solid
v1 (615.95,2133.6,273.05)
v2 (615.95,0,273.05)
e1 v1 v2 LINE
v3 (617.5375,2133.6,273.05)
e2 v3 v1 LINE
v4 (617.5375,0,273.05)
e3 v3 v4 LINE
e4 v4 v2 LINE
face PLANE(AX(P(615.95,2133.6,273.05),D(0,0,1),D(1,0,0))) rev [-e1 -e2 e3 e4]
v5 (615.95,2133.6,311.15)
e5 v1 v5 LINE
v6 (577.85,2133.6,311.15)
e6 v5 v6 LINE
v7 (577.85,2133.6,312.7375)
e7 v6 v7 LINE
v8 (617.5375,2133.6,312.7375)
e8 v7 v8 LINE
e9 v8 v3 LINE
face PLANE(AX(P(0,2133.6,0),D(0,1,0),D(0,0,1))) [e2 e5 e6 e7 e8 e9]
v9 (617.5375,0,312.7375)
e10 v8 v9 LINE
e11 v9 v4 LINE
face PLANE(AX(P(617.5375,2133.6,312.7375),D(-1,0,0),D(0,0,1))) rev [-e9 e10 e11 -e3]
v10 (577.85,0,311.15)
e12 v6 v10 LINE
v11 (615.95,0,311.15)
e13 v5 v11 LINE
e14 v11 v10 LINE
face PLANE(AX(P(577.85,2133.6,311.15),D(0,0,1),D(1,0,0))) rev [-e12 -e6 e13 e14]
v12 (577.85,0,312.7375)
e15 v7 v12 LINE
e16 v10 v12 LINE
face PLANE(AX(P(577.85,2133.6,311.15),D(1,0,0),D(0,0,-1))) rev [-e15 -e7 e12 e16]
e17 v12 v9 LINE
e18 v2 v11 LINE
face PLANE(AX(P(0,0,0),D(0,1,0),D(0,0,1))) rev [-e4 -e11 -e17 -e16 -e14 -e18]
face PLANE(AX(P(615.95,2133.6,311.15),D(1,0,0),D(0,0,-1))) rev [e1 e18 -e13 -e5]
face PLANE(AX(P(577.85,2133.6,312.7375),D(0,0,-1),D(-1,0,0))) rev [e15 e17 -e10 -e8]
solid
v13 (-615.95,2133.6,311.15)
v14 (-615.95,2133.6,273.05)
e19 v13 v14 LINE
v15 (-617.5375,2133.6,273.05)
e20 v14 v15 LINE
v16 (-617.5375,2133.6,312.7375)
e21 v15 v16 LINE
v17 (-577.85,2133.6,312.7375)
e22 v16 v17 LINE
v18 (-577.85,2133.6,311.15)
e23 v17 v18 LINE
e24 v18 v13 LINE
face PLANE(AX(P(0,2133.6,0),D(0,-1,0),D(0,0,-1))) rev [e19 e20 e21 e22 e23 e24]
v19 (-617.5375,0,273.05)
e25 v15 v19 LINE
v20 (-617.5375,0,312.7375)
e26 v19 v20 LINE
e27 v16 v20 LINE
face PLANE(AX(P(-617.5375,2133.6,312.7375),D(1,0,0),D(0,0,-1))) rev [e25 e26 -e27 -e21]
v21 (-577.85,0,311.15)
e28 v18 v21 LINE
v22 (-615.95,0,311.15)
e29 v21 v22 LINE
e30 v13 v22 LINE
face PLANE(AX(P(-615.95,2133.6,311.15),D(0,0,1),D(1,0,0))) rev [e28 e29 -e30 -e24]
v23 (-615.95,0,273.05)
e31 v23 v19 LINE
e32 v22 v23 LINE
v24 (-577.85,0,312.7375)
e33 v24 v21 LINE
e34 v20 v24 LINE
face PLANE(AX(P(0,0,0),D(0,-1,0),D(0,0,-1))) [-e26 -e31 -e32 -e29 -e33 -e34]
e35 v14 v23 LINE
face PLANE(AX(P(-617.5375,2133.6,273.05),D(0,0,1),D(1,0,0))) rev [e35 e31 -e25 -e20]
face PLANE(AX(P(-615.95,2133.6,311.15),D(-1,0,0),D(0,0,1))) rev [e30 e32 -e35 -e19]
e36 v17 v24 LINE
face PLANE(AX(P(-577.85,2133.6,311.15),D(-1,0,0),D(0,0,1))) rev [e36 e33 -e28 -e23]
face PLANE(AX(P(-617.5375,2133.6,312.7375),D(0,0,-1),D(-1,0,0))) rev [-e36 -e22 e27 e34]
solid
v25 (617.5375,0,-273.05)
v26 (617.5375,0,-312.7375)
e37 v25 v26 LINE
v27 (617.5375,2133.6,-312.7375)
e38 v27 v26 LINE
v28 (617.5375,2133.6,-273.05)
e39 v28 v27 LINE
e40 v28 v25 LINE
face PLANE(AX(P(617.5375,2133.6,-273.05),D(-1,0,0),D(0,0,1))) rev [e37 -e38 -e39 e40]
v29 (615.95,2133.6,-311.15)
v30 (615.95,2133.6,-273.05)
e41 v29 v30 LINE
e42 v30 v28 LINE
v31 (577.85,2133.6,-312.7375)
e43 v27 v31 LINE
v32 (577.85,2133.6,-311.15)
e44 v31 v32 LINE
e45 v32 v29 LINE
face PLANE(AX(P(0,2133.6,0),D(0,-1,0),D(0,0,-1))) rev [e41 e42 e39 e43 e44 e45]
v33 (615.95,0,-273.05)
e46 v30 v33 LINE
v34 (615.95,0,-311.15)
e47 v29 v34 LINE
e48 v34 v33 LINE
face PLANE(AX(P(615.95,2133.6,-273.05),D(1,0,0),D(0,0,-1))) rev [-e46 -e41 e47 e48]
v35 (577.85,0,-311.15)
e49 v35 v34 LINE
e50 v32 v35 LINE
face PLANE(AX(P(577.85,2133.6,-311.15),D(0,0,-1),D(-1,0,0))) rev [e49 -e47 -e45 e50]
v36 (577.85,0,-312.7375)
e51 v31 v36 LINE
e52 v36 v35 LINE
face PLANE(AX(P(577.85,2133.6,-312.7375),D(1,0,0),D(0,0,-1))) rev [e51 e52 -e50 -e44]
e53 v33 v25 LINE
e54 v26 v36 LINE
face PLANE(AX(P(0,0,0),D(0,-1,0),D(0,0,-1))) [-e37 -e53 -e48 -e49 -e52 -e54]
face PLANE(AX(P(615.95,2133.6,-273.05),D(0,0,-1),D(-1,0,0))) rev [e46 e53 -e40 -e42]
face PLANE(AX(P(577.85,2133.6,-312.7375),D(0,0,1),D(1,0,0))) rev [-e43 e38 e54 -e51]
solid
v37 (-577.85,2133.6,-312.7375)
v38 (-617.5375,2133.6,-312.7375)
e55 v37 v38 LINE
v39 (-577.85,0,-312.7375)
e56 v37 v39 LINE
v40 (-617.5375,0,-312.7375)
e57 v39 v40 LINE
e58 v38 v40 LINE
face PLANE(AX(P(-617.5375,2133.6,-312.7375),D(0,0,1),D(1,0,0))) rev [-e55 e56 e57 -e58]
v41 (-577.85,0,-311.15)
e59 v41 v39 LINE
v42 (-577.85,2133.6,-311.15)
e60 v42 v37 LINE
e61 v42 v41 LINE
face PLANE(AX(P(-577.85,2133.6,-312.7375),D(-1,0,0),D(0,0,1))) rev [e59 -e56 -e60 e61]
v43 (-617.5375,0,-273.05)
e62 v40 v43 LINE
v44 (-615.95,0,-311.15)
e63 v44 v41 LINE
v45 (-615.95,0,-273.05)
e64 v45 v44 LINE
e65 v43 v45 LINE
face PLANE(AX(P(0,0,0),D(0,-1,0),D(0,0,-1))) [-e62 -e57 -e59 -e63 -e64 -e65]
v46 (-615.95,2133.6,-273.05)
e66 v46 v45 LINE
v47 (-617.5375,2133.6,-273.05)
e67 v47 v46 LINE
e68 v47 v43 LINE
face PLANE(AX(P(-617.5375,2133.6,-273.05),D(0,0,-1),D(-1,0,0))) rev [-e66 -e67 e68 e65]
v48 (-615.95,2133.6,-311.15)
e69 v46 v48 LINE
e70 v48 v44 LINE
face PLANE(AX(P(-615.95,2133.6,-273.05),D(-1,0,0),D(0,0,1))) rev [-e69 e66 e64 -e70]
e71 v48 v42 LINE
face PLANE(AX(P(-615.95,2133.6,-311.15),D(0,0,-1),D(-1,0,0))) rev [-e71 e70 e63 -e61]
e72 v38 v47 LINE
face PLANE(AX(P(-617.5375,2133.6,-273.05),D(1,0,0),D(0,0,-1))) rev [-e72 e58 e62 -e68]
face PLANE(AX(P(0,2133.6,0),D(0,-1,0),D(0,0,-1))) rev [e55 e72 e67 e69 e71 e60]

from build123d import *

# Parameters (mm, degrees)
BOSS_EXTRUDE1_DEPTH   = 2133.6
BOSS_EXTRUDE1_2_DEPTH = 2133.6
BOSS_EXTRUDE1_3_DEPTH = 2133.6
BOSS_EXTRUDE1_4_DEPTH = 2133.6


with BuildPart() as part:
    # Sketch1 → Boss-Extrude1 (new body)
    with BuildSketch(Plane(origin=(0, 0, 0), x_dir=(1, 0, 0), z_dir=(0, 1, 0))):
        Polygon((-617.5375, -312.7375), (-577.85, -312.7375), (-577.85, -311.15), (-615.95, -311.15), (-615.95, -273.05), (-617.5375, -273.05), align=None)
    extrude(amount=BOSS_EXTRUDE1_DEPTH)


with BuildPart() as body_2:
    # Sketch1 → Boss-Extrude1 2 (new body)
    with BuildSketch(Plane(origin=(0, 0, 0), x_dir=(1, 0, 0), z_dir=(0, 1, 0))):
        Polygon((-617.5375, 312.7375), (-577.85, 312.7375), (-577.85, 311.15), (-615.95, 311.15), (-615.95, 273.05), (-617.5375, 273.05), align=None)
    extrude(amount=BOSS_EXTRUDE1_2_DEPTH)


with BuildPart() as body_3:
    # Sketch1 → Boss-Extrude1 3 (new body)
    with BuildSketch(Plane(origin=(0, 0, 0), x_dir=(1, 0, 0), z_dir=(0, 1, 0))):
        Polygon((617.5375, -312.7375), (617.5375, -273.05), (615.95, -273.05), (615.95, -311.15), (577.85, -311.15), (577.85, -312.7375), align=None)
    extrude(amount=BOSS_EXTRUDE1_3_DEPTH)


with BuildPart() as body_4:
    # Sketch1 → Boss-Extrude1 4 (new body)
    with BuildSketch(Plane(origin=(0, 0, 0), x_dir=(1, 0, 0), z_dir=(0, 1, 0))):
        Polygon((577.85, 312.7375), (577.85, 311.15), (615.95, 311.15), (615.95, 273.05), (617.5375, 273.05), (617.5375, 312.7375), align=None)
    extrude(amount=BOSS_EXTRUDE1_4_DEPTH)


solid = Compound([part.part, body_2.part, body_3.part, body_4.part])
